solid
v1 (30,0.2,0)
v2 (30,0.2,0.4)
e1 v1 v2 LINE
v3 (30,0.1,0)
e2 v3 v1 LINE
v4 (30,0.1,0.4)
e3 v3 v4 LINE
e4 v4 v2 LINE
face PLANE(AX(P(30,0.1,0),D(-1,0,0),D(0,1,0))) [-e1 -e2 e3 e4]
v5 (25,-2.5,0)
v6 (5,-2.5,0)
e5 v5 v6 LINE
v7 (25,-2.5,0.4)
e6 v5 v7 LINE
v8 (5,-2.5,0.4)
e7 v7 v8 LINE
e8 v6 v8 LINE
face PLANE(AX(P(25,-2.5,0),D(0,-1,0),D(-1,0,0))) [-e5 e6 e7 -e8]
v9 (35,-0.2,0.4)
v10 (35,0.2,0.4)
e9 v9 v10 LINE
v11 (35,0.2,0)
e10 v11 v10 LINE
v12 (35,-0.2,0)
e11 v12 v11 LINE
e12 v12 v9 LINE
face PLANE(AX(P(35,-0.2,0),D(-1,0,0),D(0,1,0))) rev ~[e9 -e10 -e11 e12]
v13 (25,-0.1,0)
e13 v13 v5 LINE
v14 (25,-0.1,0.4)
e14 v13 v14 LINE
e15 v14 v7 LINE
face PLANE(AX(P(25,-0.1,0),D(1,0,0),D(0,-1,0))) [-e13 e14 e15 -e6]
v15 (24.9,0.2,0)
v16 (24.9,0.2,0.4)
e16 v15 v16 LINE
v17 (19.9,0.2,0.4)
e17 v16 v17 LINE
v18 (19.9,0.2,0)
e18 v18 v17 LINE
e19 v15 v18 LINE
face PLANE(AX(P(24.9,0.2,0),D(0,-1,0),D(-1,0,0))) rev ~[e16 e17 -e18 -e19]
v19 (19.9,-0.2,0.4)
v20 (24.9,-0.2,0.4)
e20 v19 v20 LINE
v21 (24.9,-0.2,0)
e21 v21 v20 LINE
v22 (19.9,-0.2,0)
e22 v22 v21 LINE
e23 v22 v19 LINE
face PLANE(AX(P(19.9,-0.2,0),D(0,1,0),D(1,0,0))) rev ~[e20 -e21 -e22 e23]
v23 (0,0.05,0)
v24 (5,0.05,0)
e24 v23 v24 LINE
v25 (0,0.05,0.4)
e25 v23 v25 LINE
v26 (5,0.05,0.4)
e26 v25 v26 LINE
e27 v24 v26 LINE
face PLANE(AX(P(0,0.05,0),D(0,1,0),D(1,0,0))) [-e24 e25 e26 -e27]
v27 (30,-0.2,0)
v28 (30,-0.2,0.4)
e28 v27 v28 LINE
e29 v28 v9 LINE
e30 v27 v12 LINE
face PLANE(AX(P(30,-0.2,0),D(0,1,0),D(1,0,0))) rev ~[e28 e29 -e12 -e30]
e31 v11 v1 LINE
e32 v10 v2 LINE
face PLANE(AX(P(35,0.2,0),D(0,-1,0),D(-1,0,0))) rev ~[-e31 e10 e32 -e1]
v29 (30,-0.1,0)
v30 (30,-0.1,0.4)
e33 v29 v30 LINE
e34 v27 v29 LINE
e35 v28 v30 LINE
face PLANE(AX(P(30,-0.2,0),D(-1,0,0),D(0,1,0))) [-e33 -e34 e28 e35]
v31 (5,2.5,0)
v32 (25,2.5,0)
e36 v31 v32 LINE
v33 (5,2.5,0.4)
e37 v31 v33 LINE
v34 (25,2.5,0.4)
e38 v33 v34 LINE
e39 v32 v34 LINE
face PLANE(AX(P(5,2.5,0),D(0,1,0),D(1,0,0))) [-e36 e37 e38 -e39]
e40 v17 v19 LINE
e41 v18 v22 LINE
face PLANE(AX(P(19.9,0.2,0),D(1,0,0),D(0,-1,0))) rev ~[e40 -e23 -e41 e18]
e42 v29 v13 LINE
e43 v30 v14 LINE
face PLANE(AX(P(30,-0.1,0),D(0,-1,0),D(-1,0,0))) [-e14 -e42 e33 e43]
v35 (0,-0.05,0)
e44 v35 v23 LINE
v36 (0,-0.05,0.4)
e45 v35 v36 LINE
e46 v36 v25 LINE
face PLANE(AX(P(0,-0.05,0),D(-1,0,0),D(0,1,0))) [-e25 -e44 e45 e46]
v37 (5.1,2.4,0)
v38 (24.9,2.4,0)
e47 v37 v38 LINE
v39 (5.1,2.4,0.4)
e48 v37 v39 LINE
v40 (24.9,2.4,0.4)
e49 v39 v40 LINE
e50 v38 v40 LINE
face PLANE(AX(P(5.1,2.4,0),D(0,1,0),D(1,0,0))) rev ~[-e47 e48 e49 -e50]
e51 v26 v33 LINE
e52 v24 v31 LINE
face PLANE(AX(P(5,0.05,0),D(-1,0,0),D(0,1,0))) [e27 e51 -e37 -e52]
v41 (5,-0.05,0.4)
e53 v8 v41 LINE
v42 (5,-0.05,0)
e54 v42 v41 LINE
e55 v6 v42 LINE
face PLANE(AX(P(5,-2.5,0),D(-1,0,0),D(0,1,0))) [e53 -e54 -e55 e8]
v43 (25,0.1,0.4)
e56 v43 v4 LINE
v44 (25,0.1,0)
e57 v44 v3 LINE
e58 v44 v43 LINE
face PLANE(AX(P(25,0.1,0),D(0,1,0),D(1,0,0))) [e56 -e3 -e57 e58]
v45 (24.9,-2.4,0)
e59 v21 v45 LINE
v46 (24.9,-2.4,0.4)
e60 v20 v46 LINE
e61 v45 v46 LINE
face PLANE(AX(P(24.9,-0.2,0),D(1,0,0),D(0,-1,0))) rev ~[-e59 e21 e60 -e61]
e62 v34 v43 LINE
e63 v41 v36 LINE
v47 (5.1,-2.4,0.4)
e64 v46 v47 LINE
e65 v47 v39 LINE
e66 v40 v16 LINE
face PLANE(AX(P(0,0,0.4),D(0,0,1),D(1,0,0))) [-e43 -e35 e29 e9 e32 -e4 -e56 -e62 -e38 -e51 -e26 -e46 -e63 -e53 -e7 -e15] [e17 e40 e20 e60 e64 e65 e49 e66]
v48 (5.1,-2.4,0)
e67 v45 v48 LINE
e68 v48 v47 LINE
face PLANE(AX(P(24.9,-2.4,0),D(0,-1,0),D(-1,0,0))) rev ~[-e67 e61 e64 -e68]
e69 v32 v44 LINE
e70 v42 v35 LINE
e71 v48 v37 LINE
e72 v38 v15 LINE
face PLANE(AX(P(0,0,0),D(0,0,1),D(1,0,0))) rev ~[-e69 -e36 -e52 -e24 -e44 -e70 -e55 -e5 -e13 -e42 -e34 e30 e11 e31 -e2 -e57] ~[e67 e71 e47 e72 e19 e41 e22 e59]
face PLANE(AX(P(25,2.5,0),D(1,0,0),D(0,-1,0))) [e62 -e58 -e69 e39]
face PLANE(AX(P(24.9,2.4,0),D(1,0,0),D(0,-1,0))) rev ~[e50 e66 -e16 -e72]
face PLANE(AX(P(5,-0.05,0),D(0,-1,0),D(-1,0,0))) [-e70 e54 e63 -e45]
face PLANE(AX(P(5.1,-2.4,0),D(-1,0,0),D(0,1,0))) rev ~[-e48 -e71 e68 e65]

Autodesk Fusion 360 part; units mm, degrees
sketch "Sketch1" plane through (0, 0, 0) normal (0, 0, 1) x (1, 0, 0)
  line L0 (0, 0.05) -> (5, 0.05)
  line L1 (5, 0.05) -> (5, -0.05) construction
  line L2 (5, -0.05) -> (0, -0.05)
  line L3 (0, -0.05) -> (0, 0.05)
  line L4 (5, 0.05) -> (5, 2.5)
  line L5 (5, 2.5) -> (25, 2.5)
  line L6 (25, 2.5) -> (25, 0.1)
  line L7 (25, 0.1) -> (30, 0.1)
  line L8 (30, -0.1) -> (25, -0.1)
  line L9 (25, -0.1) -> (25, -2.5)
  line L10 (25, -2.5) -> (5, -2.5)
  line L11 (5, -2.5) -> (5, -0.05)
  line L12 (30, 0.1) -> (30, 0.2)
  line L13 (19.9, 0.2) -> (19.9, -0.2)
  line L14 (30, -0.4037) -> (30, -0.1)
  line L15 (5.1, 2.4) -> (24.9, 2.4)
  line L16 (24.9, 2.4) -> (24.9, 0.2)
  line L17 (24.9, 0.2) -> (19.9, 0.2)
  line L18 (19.9, 0.2) -> (19.9, -0.2)
  line L19 (19.9, -0.2) -> (24.9, -0.2)
  line L20 (24.9, -0.2) -> (24.9, -2.4)
  line L21 (24.9, -2.4) -> (5.1, -2.4)
  line L22 (5.1, -2.4) -> (5.1, 2.4)
  line L23 (24.9, 0.2) -> (19.9, 0.2)
  line L24 (25, 0.2) -> (24.9, 0.2) construction
  line L25 (19.9, -0.2) -> (24.9, -0.2)
  line L26 (24.9, -0.2) -> (25, -0.6007) construction
  line L27 (30, -0.1) -> (30, -0.2)
  line L28 (30, -0.2) -> (35, -0.2)
  line L29 (35, -0.2) -> (35, 0.2)
  line L30 (35, 0.2) -> (30, 0.2)
  line L31 (30, 0.2) -> (30, 0.1)
  point P0 (19.9, 0)
  point P1 (35, 0)
  dimension "d56" = 0.1
  dimension "d57" = 5
  dimension "d58" = 0.2
  dimension "d59" = 5
  dimension "d60" = 5
  dimension "d64" = 0.1
  dimension "d65" = 0.1
  dimension "d66" = 0.1
  dimension "d67" = 0.1
  dimension "d68" = 0.4
  dimension "d70" = 0.2
  dimension "d71" = 5
  dimension "d72" = 20
  dimension "d73" = 5
  dimension "d74" = 0.1
  dimension "d76" = 5
  dimension "d77" = 0.4
  dimension "d78" = 0.2
  dimension "spacer" = 5
  dimension "d80" = 0.1
  dimension "d81" = 2.5
extrude "Extrude2" add sketch "Sketch1" along normal blind 0.4
equation "d1000 = channelwidth"
equation "d11 = d1000 * 2.2"
equation "d1001 = depth"
equation "mouth_user = 0.1 mm" comment "User entered value."
equation "mouth_size = d1000 + 0.5 mm" comment "Multiplier to user entered value"
equation "channelwidth = 0.1 mm"
equation "depth = 0.4 mm"
equation "length = 20 mm"
equation "neckwidth = 0.2 mm"
equation "inputwidth = neckwidth * 2"
equation "outletwidth = inputwidth"
equation "necklength = 5 mm"
equation "d56 = channelwidth"
equation "d57 = spacer"
equation "d58 = neckwidth"
equation "d59 = necklength"
equation "d60 = necklength"
equation "d64 = channelwidth"
equation "d65 = channelwidth"
equation "d66 = channelwidth"
equation "d67 = channelwidth"
equation "d68 = inputwidth"
equation "d70 = inputwidth / 2"
equation "d71 = inputlength"
equation "d72 = length"
equation "d74 = channelwidth"
equation "d76 = inputlength"
equation "d77 = outletwidth"
equation "d78 = outletwidth / 2"
equation "d80 = neckwidth / 2"
equation "d81 = d73 / 2"
equation "inputlength = 5 mm"
